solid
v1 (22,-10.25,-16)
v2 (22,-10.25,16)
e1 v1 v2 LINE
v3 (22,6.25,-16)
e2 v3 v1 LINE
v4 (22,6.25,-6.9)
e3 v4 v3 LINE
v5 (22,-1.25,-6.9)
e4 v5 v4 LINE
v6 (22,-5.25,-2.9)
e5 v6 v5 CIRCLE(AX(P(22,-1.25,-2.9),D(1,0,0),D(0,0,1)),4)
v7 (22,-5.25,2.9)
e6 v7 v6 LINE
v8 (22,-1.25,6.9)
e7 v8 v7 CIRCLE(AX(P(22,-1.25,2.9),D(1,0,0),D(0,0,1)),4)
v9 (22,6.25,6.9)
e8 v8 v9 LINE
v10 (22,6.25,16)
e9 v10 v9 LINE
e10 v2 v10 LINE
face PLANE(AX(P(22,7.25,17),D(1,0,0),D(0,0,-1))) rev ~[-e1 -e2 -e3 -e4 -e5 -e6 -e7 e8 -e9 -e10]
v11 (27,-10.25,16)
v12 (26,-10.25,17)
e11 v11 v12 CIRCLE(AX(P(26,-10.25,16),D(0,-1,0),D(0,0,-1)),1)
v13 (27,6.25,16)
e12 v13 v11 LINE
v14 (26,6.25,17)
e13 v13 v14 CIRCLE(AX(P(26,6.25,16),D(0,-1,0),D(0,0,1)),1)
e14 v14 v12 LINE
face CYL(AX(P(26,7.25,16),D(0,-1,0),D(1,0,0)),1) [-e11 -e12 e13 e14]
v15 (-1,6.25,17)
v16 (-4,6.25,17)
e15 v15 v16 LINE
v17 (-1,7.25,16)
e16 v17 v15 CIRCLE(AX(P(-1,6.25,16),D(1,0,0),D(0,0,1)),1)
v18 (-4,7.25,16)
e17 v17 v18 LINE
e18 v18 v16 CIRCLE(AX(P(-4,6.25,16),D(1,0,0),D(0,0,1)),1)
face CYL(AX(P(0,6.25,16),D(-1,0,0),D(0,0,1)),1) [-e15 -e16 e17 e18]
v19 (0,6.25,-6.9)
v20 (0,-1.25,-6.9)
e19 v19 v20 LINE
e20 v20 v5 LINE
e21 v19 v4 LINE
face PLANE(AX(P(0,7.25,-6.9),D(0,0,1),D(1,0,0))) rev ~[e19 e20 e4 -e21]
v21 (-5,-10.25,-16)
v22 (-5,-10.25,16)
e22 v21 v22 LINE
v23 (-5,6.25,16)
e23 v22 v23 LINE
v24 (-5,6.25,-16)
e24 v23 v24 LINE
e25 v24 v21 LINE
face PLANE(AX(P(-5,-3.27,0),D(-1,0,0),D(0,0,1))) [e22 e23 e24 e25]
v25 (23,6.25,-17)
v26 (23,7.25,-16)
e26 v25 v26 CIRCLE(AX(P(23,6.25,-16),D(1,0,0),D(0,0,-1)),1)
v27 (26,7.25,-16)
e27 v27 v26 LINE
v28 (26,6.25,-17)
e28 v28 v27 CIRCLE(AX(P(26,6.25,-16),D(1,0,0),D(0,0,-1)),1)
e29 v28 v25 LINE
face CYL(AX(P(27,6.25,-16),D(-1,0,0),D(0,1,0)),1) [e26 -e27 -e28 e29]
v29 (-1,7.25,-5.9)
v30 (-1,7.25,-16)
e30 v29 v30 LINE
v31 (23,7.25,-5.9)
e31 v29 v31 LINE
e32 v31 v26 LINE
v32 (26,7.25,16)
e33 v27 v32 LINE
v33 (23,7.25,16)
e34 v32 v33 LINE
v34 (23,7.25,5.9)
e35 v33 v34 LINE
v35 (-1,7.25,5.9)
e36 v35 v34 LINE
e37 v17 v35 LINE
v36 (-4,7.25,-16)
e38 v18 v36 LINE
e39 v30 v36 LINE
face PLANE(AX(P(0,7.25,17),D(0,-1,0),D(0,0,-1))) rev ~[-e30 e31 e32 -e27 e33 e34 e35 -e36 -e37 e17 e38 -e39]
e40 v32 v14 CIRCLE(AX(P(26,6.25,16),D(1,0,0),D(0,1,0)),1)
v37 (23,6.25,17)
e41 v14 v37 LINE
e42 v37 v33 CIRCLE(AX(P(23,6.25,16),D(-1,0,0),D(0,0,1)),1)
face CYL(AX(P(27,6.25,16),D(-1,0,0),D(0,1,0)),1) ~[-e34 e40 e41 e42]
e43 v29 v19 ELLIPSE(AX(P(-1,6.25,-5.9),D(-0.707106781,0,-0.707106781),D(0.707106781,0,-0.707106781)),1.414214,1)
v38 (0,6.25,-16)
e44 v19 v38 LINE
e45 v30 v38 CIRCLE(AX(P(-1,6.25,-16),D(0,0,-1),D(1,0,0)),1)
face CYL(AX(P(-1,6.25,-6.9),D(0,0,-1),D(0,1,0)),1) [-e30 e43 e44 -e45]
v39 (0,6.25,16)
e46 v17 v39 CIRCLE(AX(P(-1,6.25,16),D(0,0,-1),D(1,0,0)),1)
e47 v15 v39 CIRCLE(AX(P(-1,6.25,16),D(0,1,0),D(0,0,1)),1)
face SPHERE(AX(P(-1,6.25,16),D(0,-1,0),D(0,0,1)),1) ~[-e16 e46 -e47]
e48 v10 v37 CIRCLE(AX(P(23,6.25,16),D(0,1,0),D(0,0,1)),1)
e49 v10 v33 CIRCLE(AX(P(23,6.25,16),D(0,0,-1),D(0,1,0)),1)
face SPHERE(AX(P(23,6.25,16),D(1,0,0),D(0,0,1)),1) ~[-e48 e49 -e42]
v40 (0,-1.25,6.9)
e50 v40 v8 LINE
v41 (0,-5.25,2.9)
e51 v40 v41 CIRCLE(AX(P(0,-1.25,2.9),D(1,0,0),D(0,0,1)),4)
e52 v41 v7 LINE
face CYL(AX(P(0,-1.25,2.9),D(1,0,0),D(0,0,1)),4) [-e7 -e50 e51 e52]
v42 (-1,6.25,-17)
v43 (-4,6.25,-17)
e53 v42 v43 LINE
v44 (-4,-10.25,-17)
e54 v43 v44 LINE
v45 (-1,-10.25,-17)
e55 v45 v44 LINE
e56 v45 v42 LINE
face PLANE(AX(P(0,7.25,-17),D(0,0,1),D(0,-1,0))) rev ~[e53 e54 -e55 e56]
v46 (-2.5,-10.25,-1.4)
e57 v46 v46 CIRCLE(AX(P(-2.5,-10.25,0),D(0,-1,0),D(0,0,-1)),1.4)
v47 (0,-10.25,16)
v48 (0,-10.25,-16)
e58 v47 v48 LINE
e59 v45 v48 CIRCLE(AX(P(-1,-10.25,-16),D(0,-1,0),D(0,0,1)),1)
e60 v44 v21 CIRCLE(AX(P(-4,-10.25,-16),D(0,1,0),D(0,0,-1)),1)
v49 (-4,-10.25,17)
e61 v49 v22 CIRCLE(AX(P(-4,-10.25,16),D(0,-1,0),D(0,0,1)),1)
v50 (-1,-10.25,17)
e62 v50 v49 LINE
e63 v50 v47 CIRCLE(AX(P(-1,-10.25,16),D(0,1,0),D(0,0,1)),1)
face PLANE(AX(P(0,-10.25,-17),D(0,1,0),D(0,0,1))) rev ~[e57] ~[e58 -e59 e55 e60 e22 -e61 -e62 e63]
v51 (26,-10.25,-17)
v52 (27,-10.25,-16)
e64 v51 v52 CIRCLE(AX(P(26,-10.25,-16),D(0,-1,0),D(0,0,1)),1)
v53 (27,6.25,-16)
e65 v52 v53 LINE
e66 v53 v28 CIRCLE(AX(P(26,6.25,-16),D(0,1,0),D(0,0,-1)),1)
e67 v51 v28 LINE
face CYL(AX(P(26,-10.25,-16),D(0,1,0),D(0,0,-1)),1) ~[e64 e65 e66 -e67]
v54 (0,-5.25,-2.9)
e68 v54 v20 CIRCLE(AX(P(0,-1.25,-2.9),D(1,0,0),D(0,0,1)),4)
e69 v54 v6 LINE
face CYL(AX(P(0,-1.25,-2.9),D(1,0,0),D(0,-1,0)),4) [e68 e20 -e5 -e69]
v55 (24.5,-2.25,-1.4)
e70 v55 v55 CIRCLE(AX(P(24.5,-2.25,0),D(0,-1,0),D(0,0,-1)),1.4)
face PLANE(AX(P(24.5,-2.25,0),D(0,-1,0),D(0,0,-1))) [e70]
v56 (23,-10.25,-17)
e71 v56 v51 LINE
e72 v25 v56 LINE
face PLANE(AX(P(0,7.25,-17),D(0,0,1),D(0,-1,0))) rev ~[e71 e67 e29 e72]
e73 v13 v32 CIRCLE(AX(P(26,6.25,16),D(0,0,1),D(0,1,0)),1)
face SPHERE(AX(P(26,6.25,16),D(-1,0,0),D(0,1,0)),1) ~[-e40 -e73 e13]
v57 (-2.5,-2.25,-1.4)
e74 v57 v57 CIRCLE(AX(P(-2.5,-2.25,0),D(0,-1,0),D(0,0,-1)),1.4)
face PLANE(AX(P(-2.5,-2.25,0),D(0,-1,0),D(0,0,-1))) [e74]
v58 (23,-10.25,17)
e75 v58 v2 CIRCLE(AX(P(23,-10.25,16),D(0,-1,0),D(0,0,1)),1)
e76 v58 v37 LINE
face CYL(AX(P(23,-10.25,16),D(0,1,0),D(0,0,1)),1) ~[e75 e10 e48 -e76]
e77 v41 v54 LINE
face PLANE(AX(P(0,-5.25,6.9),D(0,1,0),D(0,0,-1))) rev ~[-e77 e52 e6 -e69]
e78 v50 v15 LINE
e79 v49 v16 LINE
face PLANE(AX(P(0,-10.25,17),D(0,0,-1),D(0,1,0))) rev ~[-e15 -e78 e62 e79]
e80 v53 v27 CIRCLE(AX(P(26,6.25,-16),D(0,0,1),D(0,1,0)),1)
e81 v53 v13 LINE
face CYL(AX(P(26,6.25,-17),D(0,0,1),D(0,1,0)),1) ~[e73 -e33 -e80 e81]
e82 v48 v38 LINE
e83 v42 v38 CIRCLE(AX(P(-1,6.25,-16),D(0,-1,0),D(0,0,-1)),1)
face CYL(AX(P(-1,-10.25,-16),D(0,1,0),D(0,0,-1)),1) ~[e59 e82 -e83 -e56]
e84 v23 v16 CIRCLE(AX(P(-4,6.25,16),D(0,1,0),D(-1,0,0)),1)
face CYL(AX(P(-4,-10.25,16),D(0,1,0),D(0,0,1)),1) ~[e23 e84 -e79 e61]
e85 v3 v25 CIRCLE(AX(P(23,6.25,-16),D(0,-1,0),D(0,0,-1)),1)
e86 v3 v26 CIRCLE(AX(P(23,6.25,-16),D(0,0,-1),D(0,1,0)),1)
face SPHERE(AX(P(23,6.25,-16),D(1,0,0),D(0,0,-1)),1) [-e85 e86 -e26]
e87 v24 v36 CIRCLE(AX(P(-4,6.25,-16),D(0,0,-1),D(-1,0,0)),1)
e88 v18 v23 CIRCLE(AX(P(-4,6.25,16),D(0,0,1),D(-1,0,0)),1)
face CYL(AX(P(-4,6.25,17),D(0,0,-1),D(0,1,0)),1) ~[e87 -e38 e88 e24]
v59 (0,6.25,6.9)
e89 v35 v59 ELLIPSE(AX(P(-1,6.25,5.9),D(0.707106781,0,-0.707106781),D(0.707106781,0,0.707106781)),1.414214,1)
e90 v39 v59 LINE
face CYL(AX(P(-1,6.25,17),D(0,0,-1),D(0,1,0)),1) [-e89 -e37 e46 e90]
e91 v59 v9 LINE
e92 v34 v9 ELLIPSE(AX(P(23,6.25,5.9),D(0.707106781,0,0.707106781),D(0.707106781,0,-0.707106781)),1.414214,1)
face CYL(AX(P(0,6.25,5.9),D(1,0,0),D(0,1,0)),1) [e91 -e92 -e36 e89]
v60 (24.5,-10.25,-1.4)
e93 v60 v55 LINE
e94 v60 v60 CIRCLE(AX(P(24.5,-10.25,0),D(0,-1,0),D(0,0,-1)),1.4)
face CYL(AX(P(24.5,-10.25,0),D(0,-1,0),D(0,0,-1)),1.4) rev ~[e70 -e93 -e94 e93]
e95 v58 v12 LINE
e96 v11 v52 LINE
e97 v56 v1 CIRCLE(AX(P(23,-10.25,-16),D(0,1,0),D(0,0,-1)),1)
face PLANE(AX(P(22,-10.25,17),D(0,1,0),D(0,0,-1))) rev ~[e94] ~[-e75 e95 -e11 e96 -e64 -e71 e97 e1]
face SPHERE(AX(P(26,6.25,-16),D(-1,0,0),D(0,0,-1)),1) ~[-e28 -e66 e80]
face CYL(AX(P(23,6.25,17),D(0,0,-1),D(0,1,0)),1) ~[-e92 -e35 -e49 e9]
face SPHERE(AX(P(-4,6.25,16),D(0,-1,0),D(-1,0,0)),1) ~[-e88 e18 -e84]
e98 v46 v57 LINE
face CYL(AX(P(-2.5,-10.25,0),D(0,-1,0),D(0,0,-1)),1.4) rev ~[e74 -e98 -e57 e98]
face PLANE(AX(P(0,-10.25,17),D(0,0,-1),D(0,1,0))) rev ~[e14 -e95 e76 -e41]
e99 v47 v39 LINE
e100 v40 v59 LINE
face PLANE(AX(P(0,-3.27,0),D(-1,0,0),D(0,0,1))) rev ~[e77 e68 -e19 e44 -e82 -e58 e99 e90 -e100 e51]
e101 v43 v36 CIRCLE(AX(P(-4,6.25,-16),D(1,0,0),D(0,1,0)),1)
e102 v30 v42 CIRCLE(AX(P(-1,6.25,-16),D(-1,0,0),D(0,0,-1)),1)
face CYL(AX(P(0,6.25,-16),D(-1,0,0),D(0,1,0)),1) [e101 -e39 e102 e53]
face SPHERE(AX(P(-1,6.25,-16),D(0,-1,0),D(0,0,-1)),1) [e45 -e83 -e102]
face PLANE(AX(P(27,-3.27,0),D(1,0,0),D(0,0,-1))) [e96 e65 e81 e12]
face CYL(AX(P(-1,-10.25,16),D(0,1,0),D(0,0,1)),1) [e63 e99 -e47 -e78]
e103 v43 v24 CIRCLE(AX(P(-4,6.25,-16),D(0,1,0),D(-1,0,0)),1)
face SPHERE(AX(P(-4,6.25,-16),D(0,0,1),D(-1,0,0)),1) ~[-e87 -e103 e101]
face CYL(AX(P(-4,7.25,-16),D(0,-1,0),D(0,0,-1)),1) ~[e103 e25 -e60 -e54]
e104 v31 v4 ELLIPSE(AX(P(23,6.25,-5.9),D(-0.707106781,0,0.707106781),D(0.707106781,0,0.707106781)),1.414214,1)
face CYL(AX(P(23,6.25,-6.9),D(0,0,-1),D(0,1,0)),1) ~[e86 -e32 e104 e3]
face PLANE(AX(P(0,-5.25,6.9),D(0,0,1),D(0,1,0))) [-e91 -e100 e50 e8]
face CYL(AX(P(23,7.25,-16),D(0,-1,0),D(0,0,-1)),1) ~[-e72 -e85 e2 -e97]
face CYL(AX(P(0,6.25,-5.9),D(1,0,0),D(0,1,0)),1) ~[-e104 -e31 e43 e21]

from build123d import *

# Parameters (mm, degrees)
SKETCH1_W           = 13.8
SKETCH1_H           = 10.5
BOSS_EXTRUDE1_DEPTH = 22
BOSS_EXTRUDE2_DEPTH = 5
BOSS_EXTRUDE3_DEPTH = 5
SKETCH4_R           = 1.4
CUT_EXTRUDE1_DEPTH  = 8
SKETCH5_W           = 22
SKETCH5_H           = 10.1
CUT_EXTRUDE2_DEPTH  = 37.390245946
FILLET2_R           = 1
FILLET3_R           = 4


with BuildPart() as part:
    # Sketch1 → Boss-Extrude1 (new body)
    with BuildSketch(Plane(origin=(0, 0, 0), x_dir=(0, 0, -1), z_dir=(1, 0, 0))):
        Polygon((6.9, 5.25), (17, 5.25), (17, 7.25), (-17, 7.25), (-17, 5.25), (-6.9, 5.25), align=None)
        Rectangle(SKETCH1_W, SKETCH1_H)
    extrude(amount=BOSS_EXTRUDE1_DEPTH)

    # Sketch2 → Boss-Extrude2 (add)
    with BuildSketch(Plane(origin=(22, 0, 0), x_dir=(0, 0, -1), z_dir=(1, 0, 0))):
        Polygon((-6.9, 5.25), (-17, 5.25), (-17, -10.25), (17, -10.25), (17, 5.25), (6.9, 5.25), (6.9, -5.25), (-6.9, -5.25), align=None)
        Polygon((-17, 7.25), (-17, 5.25), (-6.9, 5.25), (-6.9, -5.25), (6.9, -5.25), (6.9, 5.25), (17, 5.25), (17, 7.25), align=None)
    extrude(amount=BOSS_EXTRUDE2_DEPTH)

    # Sketch3 → Boss-Extrude3 (add)
    with BuildSketch(Plane.ZY):
        Polygon((17, -10.25), (17, 5.25), (6.9, 5.25), (6.9, -5.25), (-6.9, -5.25), (-6.9, 5.25), (-17, 5.25), (-17, -10.25), align=None)
        Polygon((6.9, -5.25), (6.9, 5.25), (17, 5.25), (17, 7.25), (-17, 7.25), (-17, 5.25), (-6.9, 5.25), (-6.9, -5.25), align=None)
    extrude(amount=BOSS_EXTRUDE3_DEPTH)

    # Sketch4 → Cut-Extrude1 (cut)
    with BuildSketch(Plane.XZ.offset(10.25)):
        with Locations(Location((-2.5, 0, 0), (0, 0, 270))):
            Circle(SKETCH4_R)
        with Locations(Location((24.5, 0, 0), (0, 0, 270))):
            Circle(SKETCH4_R)
    extrude(amount=-CUT_EXTRUDE1_DEPTH, mode=Mode.SUBTRACT)

    # Sketch5 → Cut-Extrude2 (cut, through all)
    with BuildSketch(Plane(origin=(0, 7.25, 0), x_dir=(1, 0, 0), z_dir=(0, 1, 0))):
        with Locations((11, -11.95)):
            Rectangle(SKETCH5_W, SKETCH5_H)
        with Locations((11, 11.95)):
            Rectangle(SKETCH5_W, SKETCH5_H)
    extrude(amount=-CUT_EXTRUDE2_DEPTH, mode=Mode.SUBTRACT)

    # Fillet2
    fillet2_edges = [part.edges().sort_by_distance(p)[0] for p in [
        (24.5, 7.25, 17),
        (24.5, 7.25, -17),
        (22, -1.5, -17),
        (27, -1.5, -17),
        (22, -1.5, 17),
        (27, 7.25, 0),
        (27, -1.5, 17),
        (-5, -1.5, 17),
        (0, -1.5, -17),
        (-5, 7.25, 0),
        (-5, -1.5, -17),
        (0, -1.5, 17),
        (-2.5, 7.25, 17),
        (-2.5, 7.25, -17),
        (22, 7.25, 11.95),
        (11, 7.25, 6.9),
        (0, 7.25, 11.95),
        (11, 7.25, -6.9),
        (22, 7.25, -11.95),
        (0, 7.25, -11.95),
    ]]
    fillet(fillet2_edges, radius=FILLET2_R)

    # Fillet3
    fillet3_edges = [part.edges().sort_by_distance(p)[0] for p in [
        (11, -5.25, -6.9),
        (11, -5.25, 6.9),
    ]]
    fillet(fillet3_edges, radius=FILLET3_R)


solid = part.part
